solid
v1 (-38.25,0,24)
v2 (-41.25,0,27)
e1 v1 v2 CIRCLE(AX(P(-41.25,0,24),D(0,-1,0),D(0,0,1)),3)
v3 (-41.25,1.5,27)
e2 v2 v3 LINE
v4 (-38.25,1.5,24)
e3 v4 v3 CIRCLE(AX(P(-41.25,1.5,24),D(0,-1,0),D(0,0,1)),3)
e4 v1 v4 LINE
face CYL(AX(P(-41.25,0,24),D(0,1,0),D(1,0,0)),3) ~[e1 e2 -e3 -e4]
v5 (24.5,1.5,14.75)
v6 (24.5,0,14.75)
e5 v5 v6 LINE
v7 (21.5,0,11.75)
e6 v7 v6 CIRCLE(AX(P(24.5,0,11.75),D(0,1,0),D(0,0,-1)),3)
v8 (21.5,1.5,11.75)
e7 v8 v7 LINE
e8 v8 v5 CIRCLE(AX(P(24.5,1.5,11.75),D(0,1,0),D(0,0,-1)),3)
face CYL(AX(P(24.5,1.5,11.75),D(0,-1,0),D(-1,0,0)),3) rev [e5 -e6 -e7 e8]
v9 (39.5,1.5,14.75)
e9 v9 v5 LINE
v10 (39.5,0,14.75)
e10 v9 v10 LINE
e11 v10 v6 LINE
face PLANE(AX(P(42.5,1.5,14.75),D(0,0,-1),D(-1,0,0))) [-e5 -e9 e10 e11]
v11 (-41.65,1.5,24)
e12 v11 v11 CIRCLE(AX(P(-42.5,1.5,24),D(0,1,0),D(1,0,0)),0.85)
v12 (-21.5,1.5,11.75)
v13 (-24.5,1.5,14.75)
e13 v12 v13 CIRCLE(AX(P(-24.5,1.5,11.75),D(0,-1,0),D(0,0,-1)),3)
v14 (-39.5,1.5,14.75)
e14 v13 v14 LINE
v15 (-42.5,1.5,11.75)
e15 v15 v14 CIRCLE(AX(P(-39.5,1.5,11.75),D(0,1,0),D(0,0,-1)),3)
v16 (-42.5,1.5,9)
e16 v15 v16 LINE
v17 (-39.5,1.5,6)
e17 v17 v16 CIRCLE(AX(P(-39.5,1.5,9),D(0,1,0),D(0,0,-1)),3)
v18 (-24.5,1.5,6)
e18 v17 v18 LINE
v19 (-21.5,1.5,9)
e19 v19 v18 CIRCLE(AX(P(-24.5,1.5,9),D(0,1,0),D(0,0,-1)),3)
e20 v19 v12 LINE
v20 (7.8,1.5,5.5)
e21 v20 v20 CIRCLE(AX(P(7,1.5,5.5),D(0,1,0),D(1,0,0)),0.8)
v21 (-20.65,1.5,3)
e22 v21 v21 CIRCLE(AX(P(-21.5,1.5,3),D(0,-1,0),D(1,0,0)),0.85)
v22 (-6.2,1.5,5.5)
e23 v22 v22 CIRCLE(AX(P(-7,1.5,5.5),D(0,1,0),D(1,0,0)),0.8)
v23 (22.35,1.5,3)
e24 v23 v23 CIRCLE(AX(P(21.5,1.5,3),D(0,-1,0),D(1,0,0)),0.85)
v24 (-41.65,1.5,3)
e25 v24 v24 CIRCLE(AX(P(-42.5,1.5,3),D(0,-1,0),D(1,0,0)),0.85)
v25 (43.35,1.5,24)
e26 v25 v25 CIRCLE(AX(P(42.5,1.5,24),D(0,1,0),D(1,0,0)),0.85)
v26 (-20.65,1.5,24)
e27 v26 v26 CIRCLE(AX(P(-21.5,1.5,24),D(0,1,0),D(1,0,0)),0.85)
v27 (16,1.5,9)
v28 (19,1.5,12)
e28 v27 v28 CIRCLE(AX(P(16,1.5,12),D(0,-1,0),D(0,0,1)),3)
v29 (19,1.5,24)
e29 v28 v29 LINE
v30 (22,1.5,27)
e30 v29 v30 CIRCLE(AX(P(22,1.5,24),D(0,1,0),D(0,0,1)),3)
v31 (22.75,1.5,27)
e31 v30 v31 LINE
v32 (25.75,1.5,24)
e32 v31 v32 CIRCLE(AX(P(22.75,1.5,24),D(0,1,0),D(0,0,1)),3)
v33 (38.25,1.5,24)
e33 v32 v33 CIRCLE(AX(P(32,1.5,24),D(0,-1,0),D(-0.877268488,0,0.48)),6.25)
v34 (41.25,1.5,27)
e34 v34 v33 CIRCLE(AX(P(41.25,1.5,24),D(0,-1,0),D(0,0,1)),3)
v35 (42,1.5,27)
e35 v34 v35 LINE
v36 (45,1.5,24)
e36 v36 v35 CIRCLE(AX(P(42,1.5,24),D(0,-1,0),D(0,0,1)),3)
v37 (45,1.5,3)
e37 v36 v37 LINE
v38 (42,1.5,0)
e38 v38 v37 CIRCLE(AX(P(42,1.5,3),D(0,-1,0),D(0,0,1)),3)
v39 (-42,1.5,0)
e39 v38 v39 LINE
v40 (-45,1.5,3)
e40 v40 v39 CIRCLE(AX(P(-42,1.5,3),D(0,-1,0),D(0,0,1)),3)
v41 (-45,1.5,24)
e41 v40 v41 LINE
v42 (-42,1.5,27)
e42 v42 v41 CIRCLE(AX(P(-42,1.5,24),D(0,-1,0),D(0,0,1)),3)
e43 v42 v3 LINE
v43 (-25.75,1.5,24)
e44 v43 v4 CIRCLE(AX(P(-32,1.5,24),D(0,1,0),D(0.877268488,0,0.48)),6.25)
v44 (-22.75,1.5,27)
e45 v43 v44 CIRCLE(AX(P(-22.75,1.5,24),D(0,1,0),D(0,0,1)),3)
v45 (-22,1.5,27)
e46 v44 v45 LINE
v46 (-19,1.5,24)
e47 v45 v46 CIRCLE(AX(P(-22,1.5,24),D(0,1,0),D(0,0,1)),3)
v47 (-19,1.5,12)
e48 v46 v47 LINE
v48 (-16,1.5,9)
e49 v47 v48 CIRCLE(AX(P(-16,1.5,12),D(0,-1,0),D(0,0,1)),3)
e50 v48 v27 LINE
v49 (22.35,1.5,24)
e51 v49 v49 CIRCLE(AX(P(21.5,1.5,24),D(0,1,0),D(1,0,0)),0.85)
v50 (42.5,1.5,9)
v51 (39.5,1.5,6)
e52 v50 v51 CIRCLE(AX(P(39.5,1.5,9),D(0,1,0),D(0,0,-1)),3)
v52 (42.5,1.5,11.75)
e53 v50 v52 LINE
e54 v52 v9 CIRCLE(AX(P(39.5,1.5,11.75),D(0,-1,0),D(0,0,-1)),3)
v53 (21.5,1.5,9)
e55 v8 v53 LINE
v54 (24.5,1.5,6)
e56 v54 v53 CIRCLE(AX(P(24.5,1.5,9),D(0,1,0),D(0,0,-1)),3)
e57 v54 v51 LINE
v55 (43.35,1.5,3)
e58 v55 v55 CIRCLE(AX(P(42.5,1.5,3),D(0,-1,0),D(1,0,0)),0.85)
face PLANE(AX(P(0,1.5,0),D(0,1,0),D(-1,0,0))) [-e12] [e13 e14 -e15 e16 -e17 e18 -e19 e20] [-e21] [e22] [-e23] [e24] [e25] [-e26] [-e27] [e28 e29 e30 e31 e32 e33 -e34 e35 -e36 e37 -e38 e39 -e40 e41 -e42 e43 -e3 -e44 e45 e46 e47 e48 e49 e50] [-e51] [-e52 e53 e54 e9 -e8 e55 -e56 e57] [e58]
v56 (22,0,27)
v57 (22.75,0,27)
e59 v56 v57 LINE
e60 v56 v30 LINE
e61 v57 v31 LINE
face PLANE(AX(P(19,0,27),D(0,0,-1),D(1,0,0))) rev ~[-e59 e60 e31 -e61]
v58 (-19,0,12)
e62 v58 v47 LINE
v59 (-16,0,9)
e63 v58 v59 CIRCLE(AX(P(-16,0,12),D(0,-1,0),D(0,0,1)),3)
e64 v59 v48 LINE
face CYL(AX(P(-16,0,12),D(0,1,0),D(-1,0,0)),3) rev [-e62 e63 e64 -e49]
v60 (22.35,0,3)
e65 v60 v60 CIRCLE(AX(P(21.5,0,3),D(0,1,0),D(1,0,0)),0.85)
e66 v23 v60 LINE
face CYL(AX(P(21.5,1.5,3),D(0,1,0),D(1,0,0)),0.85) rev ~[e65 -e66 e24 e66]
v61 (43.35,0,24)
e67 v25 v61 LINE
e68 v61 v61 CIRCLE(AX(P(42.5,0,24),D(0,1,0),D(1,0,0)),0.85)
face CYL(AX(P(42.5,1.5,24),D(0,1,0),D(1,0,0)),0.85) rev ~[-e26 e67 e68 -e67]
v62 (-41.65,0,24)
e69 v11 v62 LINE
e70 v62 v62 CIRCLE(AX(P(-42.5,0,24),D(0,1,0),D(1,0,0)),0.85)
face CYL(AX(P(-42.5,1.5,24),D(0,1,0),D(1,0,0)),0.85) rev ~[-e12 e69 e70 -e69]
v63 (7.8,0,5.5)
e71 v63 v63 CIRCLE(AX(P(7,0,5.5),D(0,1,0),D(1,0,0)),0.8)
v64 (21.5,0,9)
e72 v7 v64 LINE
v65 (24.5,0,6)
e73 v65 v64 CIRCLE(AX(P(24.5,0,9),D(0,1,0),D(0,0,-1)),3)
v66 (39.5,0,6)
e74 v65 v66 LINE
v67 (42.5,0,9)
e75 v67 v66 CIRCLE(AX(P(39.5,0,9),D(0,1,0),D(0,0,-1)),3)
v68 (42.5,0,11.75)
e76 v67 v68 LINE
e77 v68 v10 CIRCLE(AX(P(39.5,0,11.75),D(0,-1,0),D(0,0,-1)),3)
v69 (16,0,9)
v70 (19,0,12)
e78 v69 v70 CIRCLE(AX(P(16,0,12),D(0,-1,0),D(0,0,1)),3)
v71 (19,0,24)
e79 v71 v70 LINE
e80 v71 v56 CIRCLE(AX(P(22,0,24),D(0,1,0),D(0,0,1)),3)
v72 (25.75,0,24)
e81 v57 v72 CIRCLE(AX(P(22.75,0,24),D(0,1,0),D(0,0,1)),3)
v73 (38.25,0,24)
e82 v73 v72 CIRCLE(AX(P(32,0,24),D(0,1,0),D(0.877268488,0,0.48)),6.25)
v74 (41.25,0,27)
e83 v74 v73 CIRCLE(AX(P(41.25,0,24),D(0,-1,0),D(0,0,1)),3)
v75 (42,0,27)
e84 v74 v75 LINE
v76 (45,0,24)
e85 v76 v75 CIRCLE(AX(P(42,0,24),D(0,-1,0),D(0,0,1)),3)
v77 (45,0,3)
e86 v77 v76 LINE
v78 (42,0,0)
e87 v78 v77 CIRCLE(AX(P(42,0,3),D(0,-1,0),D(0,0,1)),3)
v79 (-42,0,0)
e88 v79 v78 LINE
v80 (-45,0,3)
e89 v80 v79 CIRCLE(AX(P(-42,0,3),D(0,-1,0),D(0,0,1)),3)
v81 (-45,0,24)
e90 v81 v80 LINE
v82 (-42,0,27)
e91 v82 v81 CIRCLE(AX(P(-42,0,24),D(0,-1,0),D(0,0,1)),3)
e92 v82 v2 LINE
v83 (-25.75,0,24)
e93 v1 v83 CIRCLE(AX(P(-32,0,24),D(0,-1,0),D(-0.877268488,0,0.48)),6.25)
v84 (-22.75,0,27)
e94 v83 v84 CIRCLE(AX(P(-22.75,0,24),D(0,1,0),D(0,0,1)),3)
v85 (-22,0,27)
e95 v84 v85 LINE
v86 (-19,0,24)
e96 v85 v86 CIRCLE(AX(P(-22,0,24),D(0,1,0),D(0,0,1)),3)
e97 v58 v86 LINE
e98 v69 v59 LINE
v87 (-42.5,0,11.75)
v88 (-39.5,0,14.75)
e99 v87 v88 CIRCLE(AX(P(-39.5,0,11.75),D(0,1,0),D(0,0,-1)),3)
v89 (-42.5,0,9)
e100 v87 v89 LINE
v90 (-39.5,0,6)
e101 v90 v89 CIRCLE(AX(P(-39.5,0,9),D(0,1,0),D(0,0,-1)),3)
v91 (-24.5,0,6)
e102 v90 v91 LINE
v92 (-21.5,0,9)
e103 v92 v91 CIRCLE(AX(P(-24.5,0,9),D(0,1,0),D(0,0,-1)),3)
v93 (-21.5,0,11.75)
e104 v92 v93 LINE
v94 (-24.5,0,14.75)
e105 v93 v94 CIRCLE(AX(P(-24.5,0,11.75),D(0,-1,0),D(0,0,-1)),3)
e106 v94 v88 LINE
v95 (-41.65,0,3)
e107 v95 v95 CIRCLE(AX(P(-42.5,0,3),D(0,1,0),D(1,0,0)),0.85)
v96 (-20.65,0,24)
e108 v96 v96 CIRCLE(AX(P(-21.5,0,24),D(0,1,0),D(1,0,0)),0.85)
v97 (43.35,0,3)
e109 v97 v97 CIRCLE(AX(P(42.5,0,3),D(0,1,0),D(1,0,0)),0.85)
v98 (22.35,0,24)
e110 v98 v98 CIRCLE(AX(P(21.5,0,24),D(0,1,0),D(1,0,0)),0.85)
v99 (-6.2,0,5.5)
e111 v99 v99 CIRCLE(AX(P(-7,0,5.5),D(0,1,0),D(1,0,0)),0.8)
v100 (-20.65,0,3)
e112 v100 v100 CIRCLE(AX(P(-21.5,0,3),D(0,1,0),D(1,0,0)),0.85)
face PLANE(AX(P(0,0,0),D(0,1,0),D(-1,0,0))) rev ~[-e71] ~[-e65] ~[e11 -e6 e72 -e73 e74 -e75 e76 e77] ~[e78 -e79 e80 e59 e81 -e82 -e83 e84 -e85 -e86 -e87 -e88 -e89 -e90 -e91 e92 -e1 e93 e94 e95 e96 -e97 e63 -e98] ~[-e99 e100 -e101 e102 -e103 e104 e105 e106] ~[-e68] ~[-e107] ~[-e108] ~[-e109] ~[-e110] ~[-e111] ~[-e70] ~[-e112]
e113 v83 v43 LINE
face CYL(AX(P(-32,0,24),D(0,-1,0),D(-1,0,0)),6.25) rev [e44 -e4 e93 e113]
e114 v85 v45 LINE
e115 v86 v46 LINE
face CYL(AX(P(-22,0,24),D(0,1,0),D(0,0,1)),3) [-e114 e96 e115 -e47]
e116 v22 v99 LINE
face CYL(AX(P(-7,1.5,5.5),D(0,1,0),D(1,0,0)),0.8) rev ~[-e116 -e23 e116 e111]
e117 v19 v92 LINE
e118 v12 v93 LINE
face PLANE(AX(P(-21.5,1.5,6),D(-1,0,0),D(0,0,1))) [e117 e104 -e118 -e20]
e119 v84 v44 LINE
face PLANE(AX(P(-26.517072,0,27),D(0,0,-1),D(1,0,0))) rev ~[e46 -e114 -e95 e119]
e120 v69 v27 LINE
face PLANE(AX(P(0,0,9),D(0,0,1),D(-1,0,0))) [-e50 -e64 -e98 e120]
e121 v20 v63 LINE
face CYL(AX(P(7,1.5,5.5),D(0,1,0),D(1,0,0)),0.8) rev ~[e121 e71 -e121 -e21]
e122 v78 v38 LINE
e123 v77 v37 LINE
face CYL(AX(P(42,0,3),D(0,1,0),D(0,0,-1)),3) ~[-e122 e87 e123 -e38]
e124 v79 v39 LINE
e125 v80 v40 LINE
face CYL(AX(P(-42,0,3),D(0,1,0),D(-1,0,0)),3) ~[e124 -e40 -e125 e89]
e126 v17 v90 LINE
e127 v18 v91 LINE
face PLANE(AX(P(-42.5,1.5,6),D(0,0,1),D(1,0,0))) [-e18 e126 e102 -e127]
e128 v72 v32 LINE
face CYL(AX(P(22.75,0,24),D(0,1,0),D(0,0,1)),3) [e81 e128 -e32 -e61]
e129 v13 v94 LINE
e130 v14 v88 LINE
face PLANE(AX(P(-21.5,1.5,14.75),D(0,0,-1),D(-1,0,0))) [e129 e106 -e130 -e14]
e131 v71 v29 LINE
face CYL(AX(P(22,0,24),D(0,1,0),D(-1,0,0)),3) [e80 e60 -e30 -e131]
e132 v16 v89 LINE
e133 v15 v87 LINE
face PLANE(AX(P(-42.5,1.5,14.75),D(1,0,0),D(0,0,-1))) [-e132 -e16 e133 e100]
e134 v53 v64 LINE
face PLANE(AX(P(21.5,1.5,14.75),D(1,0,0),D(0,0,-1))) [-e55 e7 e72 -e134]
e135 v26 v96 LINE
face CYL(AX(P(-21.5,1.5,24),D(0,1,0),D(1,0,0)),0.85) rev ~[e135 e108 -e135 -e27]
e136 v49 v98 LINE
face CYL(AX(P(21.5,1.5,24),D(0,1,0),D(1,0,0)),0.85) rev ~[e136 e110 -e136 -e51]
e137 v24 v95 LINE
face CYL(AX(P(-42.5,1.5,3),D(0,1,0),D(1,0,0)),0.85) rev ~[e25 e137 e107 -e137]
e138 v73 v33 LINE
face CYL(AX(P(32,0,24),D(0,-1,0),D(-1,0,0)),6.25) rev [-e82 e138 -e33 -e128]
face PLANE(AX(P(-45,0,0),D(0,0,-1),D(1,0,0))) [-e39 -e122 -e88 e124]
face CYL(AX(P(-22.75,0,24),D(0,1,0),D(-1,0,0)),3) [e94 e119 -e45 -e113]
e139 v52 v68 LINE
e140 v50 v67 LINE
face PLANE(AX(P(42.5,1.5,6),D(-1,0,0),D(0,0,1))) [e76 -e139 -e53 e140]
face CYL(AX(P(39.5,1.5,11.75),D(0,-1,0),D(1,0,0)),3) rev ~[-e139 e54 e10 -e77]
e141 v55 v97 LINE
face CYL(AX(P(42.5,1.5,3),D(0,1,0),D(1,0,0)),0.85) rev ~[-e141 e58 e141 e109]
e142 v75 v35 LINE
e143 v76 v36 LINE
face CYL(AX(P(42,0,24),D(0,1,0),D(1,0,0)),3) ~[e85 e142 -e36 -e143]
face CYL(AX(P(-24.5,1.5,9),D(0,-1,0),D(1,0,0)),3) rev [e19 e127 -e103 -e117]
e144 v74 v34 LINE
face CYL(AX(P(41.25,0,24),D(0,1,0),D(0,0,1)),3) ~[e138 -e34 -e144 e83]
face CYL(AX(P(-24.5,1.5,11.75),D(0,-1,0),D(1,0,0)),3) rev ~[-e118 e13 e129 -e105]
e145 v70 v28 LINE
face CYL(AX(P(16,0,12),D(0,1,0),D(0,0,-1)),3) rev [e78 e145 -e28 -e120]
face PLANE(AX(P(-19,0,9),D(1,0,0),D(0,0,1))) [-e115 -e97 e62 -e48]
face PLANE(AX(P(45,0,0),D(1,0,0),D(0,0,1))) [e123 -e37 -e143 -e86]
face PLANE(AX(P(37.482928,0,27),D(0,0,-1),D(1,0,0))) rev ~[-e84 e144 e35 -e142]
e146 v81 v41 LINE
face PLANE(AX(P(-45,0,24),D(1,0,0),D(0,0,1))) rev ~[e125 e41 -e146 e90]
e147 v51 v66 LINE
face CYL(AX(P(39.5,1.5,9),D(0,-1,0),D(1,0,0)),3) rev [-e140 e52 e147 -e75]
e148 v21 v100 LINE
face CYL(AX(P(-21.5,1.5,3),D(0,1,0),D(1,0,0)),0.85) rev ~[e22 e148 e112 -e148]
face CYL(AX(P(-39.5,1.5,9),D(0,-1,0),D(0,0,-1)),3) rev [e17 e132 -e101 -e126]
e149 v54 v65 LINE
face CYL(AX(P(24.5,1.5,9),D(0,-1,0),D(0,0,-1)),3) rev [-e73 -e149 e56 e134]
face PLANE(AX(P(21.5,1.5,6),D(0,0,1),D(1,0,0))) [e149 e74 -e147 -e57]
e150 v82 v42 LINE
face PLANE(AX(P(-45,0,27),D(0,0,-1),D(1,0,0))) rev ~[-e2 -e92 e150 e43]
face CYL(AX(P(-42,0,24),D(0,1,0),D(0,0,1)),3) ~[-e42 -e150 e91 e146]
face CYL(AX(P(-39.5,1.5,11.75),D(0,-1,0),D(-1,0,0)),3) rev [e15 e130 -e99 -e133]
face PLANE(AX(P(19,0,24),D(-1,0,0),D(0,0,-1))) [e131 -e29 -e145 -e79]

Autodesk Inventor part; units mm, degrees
ref_plane "YZ Plane" through (0, 0, 0) normal (1, 0, 0) x (0, 1, 0)
ref_plane "XZ Plane" through (0, 0, 0) normal (0, 1, 0) x (-1, 0, 0)
ref_plane "XY Plane" through (0, 0, 0) normal (0, 0, 1) x (1, 0, 0)
sketch "スケッチ2" plane through (0, 0, 0) normal (0, 1, 0) x (-1, 0, 0)
  line L0 (19, 24) -> (45, 24)
  line L1 (45, 24) -> (45, 0)
  line L2 (45, 0) -> (19, 0)
  line L3 (19, 0) -> (19, 24)
  circle A0 centre (32, 24) radius 6.25
  line L4 (19, 24) -> (45, 24)
  line L5 (45, 24) -> (45, 27)
  line L6 (45, 27) -> (19, 27)
  line L7 (19, 27) -> (19, 24)
  line L8 (-45, 24) -> (-19, 24)
  line L9 (-19, 24) -> (-19, 0)
  line L10 (-19, 0) -> (-45, 0)
  line L11 (-45, 0) -> (-45, 24)
  circle A1 centre (-32, 24) radius 6.25
  line L12 (-45, 24) -> (-19, 24)
  line L13 (-19, 24) -> (-19, 27)
  line L14 (-19, 27) -> (-45, 27)
  line L15 (-45, 27) -> (-45, 24)
  line L16 (0, -6.05) -> (0, 36.3)
  line L17 (64.3086, 0) -> (-70.8513, 0)
  line L18 (-19, 9) -> (19, 9)
  line L19 (19, 9) -> (19, 0)
  line L20 (19, 0) -> (-19, 0)
  line L21 (-19, 0) -> (-19, 9)
  point P0 (0, 0)
  point P1 (-51.5428, 0.5174)
  point P2 (19, 0)
  point P3 (37.4829, 27)
  point P4 (26.5171, 27)
  point P5 (-26.5171, 27)
  point P6 (-37.4829, 27)
  point P7 (-19, 0)
  dimension "d4" = 26
  dimension "d5" = 24
  dimension "d6" = 12.5
  dimension "d7" = 3
  dimension "d8" = 26
  dimension "d9" = 24
  dimension "d10" = 12.5
  dimension "d11" = 3
  dimension "d12" = 64
  dimension "d13" = 9
extrude "プレート2" add sketch "スケッチ2" along normal blind 1.5 contours A0 L6 L5 L0 | L0 L1 L2 L3 A0 | L0 L7 L6 A0 | L17 L16 L18 L3 | L17 L9 L18 L16 | L10 L11 L8 A1 L9 | L8 A1 L14 L13 | L15 L14 A1 L8
sketch "スケッチ3" plane through (0, 1.5, 0) normal (0, 1, 0) x (1, 0, 0)
  line L0 (45, 0) -> (45, -27) projected
  line L1 (19, -27) -> (19, -9) projected
  line L2 (-42.5, -3) -> (-21.5, -3)
  line L3 (-21.5, -3) -> (-21.5, -17.75)
  line L4 (-21.5, -17.75) -> (-42.5, -17.75)
  line L5 (-42.5, -17.75) -> (-42.5, -3)
  line L6 (21.5, -3) -> (42.5, -3)
  line L7 (42.5, -3) -> (42.5, -17.75)
  line L8 (42.5, -17.75) -> (21.5, -17.75)
  line L9 (21.5, -17.75) -> (21.5, -3)
  arc A0 (-26.5171, -27) -> (-37.4829, -27) centre (-32, -24) ccw projected
  line L10 (-42.5, -6) -> (-21.5, -6)
  line L11 (-21.5, -6) -> (-21.5, -14.75)
  line L12 (-21.5, -14.75) -> (-42.5, -14.75)
  line L13 (-42.5, -14.75) -> (-42.5, -6)
  line L14 (21.5, -6) -> (42.5, -6)
  line L15 (42.5, -6) -> (42.5, -14.75)
  line L16 (42.5, -14.75) -> (21.5, -14.75)
  line L17 (21.5, -14.75) -> (21.5, -6)
  circle A1 centre (-42.5, -24) radius 0.85 projected
  circle A2 centre (-42.5, -3) radius 0.85 projected
  circle A3 centre (-21.5, -3) radius 0.85 projected
  circle A4 centre (-21.5, -24) radius 0.85 projected
  circle A5 centre (21.5, -24) radius 0.85 projected
  circle A6 centre (42.5, -24) radius 0.85 projected
  circle A7 centre (42.5, -3) radius 0.85 projected
  circle A8 centre (21.5, -3) radius 0.85 projected
  circle A9 centre (7, -5.5) radius 0.8 projected
  circle A10 centre (-7, -5.5) radius 0.8 projected
  arc A11 (37.4829, -27) -> (26.5171, -27) centre (32, -24) ccw projected
  arc A12 (37.4829, -27) -> (26.5171, -27) centre (32, -24) ccw projected
  line L18 (45, -27) -> (37.4829, -27) projected
  line L19 (-45, 0) -> (45, 0) projected
  line L20 (-45, -27) -> (-45, 0) projected
  line L21 (-37.4829, -27) -> (-45, -27) projected
  arc A13 (-26.5171, -27) -> (-37.4829, -27) centre (-32, -24) ccw projected
  line L22 (-19, -27) -> (-26.5171, -27) projected
  line L23 (-19, -9) -> (-19, -27) projected
  line L24 (19, -9) -> (-19, -9) projected
  line L25 (26.5171, -27) -> (19, -27) projected
  point P0 (0, 0)
  dimension "d20" = 3
  dimension "d21" = 3
extrude "切り取り1" cut sketch "スケッチ3" against normal blind 1.5 contours L16 L9 L14 L7 | L12 L5 L10 L3 | A7 L6 L7 | L7 L6 A7 | A8 L6 L9 | L9 L6 A8 | A3 L2 L3 | L3 L2 A3 | A2 L2 L5 | L5 L2 A2 | A1 | A4 | A5 | A6 | A9 | A10
fillet "フィレット1" radius 3 20 edges at (-21.5, 0.75, 6) (-21.5, 0.75, 14.75) (-42.5, 0.75, 14.75) (-42.5, 0.75, 6) (-37.4829, 0.75, 27) (-45, 0.75, 27) (-26.5171, 0.75, 27) (-19, 0.75, 27) (19, 0.75, 27) (26.5171, 0.75, 27) (37.4829, 0.75, 27) (45, 0.75, 27) (45, 0.75, 0) (-45, 0.75, 0) (-19, 0.75, 9) (19, 0.75, 9) (42.5, 0.75, 14.75) (21.5, 0.75, 14.75) (21.5, 0.75, 6) (42.5, 0.75, 6)
equation "\"d11\" = d7"
equation "\"d18\" = Thickness"
equation "\"d14\" = Thickness"
equation "\"BendRadius\" = Thickness"
equation "\"BendReliefWidth\" = Thickness"
equation "\"BendReliefDepth\" = 0.5 * Thickness"
equation "\"CornerReliefSize\" = 4 * Thickness"
equation "\"MinimumRemnant\" = 2 * Thickness"
equation "\"TransitionRadius\" = BendRadius"
equation "\"JacobiRadiusSize\" = BendRadius"
equation "\"GapSize\" = Thickness"
equation "\"Thickness\" = 1.5"
properties part number "hipjoint_upper"
